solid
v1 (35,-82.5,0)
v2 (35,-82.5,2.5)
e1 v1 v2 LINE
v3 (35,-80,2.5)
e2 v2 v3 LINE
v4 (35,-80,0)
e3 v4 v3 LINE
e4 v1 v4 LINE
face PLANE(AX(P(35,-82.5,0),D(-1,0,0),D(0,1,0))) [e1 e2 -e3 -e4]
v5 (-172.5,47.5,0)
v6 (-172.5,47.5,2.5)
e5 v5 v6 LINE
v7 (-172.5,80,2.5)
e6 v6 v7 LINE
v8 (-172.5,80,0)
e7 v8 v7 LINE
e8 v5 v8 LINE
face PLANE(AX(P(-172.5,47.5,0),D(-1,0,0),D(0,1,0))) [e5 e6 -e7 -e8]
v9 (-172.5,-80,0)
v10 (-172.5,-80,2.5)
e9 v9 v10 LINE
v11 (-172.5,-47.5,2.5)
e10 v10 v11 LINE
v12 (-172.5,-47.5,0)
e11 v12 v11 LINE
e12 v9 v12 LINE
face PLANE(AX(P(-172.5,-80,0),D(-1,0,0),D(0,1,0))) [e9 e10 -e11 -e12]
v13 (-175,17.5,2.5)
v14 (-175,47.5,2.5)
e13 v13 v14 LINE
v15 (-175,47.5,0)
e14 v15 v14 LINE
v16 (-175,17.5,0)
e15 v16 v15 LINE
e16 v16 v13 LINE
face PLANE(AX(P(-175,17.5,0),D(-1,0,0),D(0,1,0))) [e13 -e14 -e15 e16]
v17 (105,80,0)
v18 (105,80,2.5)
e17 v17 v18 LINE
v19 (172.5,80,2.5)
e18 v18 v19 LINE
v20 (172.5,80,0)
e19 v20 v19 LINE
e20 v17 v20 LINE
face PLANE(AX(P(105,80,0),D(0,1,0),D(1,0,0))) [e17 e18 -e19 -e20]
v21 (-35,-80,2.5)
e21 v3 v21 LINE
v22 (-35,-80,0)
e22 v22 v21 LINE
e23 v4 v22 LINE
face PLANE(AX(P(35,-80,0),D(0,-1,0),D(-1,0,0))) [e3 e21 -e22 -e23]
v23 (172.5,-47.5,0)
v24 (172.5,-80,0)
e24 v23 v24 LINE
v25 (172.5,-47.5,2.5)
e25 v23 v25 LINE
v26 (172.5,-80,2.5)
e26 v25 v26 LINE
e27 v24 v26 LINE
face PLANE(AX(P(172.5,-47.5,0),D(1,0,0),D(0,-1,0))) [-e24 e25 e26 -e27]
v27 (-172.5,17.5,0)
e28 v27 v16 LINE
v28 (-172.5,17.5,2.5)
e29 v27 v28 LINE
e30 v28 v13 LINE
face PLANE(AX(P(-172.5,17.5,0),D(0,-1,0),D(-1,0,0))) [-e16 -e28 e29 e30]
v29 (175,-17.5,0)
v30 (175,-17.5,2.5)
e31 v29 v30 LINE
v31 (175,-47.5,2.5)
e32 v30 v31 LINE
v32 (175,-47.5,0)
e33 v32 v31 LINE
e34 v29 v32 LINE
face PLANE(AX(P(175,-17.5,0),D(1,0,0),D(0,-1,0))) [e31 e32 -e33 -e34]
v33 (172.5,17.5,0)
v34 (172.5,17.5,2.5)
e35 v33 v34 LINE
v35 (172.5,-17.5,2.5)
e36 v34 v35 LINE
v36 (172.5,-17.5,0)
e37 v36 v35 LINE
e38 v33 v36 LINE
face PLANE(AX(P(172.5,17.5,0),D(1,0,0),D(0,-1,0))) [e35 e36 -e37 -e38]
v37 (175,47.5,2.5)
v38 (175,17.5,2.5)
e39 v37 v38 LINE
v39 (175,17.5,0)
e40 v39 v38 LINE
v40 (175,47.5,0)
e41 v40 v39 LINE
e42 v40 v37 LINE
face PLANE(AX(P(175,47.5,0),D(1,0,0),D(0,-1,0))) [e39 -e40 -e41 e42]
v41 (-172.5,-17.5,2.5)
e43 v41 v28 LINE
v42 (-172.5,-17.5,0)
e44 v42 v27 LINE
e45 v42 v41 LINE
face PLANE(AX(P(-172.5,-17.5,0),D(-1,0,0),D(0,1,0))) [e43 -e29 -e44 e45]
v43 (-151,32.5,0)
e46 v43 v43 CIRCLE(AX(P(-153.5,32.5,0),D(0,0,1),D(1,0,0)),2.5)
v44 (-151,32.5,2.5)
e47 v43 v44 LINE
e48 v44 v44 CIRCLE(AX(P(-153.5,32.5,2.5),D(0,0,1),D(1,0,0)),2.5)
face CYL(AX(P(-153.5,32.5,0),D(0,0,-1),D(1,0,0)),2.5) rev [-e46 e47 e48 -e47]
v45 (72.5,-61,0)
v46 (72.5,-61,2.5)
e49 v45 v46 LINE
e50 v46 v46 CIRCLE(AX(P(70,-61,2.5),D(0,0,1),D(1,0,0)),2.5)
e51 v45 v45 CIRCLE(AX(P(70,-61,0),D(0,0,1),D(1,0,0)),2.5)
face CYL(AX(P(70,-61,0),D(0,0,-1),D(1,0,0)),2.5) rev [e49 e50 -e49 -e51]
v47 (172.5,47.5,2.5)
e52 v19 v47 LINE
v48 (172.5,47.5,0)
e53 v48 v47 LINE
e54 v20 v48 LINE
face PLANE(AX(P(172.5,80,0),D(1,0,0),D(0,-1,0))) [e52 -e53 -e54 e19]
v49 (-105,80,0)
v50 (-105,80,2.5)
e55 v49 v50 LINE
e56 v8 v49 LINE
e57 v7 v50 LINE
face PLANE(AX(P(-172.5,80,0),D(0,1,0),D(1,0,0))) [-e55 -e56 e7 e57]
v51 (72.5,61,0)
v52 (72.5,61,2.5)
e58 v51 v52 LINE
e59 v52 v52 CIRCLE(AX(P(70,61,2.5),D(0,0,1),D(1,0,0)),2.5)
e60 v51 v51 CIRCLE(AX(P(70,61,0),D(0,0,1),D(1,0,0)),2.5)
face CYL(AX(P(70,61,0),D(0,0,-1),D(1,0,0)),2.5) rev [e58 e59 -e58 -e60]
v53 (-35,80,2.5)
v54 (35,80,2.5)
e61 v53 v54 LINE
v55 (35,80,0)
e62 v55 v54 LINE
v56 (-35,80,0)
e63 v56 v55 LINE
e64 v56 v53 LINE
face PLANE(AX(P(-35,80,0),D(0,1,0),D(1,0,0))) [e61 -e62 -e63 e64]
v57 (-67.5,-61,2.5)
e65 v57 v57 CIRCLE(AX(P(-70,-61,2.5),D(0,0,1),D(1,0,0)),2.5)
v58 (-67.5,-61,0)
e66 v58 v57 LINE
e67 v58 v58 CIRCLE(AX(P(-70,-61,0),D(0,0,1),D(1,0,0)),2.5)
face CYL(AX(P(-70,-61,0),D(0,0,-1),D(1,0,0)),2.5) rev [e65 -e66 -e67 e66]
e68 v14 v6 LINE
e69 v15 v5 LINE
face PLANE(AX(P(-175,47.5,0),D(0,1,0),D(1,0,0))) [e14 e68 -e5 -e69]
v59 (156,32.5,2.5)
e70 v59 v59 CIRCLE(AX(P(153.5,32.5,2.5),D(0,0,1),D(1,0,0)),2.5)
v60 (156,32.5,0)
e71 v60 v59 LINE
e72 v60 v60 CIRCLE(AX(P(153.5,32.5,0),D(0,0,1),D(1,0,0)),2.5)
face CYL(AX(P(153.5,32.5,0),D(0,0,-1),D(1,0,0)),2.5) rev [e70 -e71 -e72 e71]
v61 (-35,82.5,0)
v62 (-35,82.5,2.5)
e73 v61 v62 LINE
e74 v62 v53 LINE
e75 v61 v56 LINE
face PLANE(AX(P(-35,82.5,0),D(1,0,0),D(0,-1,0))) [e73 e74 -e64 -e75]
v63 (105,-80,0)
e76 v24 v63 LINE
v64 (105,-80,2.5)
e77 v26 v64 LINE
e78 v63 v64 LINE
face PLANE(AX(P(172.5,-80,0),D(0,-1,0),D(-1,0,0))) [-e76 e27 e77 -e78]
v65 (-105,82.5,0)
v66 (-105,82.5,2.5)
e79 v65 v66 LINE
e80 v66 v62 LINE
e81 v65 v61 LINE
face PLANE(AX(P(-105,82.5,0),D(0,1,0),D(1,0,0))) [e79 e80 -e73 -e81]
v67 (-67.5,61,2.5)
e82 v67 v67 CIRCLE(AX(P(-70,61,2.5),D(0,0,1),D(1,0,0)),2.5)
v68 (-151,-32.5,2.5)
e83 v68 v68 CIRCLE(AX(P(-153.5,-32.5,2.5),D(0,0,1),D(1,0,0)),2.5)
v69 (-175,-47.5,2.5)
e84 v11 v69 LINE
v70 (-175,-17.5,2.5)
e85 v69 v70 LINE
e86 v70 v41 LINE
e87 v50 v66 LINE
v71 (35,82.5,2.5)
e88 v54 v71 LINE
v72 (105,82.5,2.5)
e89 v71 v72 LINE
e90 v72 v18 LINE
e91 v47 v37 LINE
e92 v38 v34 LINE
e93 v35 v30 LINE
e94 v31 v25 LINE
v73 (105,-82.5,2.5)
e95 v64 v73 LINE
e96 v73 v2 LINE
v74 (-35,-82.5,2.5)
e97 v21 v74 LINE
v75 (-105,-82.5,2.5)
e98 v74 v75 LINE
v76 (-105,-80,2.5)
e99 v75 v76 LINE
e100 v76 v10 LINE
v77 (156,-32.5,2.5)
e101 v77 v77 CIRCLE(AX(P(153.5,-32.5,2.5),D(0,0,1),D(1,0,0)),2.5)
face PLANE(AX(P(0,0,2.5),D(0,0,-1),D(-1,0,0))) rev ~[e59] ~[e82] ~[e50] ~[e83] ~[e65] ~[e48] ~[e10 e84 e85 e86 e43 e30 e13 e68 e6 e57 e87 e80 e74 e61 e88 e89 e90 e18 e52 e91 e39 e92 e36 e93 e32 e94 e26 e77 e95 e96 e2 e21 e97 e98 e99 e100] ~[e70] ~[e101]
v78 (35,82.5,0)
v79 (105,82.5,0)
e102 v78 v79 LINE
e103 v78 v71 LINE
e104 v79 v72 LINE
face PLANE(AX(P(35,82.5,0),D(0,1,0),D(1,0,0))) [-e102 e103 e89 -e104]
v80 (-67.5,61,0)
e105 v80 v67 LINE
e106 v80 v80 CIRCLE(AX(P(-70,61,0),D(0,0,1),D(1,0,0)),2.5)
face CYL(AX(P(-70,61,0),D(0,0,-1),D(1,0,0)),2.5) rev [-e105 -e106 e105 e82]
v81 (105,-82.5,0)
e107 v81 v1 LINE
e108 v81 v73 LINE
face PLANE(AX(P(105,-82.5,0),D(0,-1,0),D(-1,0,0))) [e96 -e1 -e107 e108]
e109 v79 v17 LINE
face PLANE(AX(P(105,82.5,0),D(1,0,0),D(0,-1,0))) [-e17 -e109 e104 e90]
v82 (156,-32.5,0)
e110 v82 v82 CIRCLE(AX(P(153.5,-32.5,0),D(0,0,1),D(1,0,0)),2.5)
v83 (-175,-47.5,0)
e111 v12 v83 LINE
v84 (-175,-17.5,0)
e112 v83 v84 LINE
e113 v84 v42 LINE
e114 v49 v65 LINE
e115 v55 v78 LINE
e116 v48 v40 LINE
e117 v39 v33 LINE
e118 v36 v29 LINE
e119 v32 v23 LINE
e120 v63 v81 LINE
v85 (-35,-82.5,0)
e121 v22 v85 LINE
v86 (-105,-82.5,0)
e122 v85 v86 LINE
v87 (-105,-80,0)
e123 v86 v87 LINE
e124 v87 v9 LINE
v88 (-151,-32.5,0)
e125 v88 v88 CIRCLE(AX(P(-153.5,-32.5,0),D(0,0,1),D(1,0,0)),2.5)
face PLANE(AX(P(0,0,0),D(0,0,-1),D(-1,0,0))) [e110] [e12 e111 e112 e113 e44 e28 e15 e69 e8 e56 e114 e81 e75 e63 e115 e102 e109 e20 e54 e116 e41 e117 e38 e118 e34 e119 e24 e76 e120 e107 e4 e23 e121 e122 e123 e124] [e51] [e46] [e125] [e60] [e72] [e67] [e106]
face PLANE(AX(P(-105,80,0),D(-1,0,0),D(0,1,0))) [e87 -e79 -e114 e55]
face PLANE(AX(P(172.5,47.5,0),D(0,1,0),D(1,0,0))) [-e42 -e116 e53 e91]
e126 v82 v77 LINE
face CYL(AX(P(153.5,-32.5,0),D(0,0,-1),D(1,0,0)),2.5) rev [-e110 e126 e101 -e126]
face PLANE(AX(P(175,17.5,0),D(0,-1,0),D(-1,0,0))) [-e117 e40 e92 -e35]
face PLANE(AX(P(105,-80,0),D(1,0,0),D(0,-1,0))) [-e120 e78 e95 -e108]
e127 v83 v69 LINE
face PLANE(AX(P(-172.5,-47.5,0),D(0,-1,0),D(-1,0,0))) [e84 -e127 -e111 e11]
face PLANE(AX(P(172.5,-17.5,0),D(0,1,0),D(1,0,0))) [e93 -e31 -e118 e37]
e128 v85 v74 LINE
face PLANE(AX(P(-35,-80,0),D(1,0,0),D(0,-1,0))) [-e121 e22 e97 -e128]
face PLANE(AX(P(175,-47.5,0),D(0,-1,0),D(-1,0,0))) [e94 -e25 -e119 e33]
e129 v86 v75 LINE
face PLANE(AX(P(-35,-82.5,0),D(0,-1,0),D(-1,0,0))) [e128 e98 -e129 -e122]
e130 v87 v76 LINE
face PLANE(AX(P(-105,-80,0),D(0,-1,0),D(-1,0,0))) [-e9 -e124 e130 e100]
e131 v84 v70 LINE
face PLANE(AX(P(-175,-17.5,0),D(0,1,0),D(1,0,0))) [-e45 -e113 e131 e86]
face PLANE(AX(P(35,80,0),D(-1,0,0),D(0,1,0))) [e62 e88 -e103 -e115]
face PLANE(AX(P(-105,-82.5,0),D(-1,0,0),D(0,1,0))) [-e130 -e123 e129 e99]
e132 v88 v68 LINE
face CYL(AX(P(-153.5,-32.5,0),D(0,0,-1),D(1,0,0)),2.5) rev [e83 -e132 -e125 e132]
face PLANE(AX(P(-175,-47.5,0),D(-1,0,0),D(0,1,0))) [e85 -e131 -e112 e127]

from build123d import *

# Parameters (mm, degrees)
SKETCH1_R           = 2.5
BOSS_EXTRUDE1_DEPTH = 2.5


with BuildPart() as part:
    # Sketch1 → Boss-Extrude1 (new body)
    with BuildSketch(Plane.XY):
        Polygon((-172.5, 80), (-105, 80), (-105, 82.5), (-35, 82.5), (-35, 80), (35, 80), (35, 82.5), (105, 82.5), (105, 80), (172.5, 80), (172.5, 47.5), (175, 47.5), (175, 17.5), (172.5, 17.5), (172.5, -17.5), (175, -17.5), (175, -47.5), (172.5, -47.5), (172.5, -80), (105, -80), (105, -82.5), (35, -82.5), (35, -80), (-35, -80), (-35, -82.5), (-105, -82.5), (-105, -80), (-172.5, -80), (-172.5, -47.5), (-175, -47.5), (-175, -17.5), (-172.5, -17.5), (-172.5, 17.5), (-175, 17.5), (-175, 47.5), (-172.5, 47.5), align=None)
        with Locations((-70, -61)):
            Circle(SKETCH1_R, mode=Mode.SUBTRACT)
        with Locations((70, -61)):
            Circle(SKETCH1_R, mode=Mode.SUBTRACT)
        with Locations((70, 61)):
            Circle(SKETCH1_R, mode=Mode.SUBTRACT)
        with Locations((-70, 61)):
            Circle(SKETCH1_R, mode=Mode.SUBTRACT)
        with Locations((153.5, -32.5)):
            Circle(SKETCH1_R, mode=Mode.SUBTRACT)
        with Locations((153.5, 32.5)):
            Circle(SKETCH1_R, mode=Mode.SUBTRACT)
        with Locations((-153.5, -32.5)):
            Circle(SKETCH1_R, mode=Mode.SUBTRACT)
        with Locations((-153.5, 32.5)):
            Circle(SKETCH1_R, mode=Mode.SUBTRACT)
    extrude(amount=BOSS_EXTRUDE1_DEPTH)


solid = part.part
